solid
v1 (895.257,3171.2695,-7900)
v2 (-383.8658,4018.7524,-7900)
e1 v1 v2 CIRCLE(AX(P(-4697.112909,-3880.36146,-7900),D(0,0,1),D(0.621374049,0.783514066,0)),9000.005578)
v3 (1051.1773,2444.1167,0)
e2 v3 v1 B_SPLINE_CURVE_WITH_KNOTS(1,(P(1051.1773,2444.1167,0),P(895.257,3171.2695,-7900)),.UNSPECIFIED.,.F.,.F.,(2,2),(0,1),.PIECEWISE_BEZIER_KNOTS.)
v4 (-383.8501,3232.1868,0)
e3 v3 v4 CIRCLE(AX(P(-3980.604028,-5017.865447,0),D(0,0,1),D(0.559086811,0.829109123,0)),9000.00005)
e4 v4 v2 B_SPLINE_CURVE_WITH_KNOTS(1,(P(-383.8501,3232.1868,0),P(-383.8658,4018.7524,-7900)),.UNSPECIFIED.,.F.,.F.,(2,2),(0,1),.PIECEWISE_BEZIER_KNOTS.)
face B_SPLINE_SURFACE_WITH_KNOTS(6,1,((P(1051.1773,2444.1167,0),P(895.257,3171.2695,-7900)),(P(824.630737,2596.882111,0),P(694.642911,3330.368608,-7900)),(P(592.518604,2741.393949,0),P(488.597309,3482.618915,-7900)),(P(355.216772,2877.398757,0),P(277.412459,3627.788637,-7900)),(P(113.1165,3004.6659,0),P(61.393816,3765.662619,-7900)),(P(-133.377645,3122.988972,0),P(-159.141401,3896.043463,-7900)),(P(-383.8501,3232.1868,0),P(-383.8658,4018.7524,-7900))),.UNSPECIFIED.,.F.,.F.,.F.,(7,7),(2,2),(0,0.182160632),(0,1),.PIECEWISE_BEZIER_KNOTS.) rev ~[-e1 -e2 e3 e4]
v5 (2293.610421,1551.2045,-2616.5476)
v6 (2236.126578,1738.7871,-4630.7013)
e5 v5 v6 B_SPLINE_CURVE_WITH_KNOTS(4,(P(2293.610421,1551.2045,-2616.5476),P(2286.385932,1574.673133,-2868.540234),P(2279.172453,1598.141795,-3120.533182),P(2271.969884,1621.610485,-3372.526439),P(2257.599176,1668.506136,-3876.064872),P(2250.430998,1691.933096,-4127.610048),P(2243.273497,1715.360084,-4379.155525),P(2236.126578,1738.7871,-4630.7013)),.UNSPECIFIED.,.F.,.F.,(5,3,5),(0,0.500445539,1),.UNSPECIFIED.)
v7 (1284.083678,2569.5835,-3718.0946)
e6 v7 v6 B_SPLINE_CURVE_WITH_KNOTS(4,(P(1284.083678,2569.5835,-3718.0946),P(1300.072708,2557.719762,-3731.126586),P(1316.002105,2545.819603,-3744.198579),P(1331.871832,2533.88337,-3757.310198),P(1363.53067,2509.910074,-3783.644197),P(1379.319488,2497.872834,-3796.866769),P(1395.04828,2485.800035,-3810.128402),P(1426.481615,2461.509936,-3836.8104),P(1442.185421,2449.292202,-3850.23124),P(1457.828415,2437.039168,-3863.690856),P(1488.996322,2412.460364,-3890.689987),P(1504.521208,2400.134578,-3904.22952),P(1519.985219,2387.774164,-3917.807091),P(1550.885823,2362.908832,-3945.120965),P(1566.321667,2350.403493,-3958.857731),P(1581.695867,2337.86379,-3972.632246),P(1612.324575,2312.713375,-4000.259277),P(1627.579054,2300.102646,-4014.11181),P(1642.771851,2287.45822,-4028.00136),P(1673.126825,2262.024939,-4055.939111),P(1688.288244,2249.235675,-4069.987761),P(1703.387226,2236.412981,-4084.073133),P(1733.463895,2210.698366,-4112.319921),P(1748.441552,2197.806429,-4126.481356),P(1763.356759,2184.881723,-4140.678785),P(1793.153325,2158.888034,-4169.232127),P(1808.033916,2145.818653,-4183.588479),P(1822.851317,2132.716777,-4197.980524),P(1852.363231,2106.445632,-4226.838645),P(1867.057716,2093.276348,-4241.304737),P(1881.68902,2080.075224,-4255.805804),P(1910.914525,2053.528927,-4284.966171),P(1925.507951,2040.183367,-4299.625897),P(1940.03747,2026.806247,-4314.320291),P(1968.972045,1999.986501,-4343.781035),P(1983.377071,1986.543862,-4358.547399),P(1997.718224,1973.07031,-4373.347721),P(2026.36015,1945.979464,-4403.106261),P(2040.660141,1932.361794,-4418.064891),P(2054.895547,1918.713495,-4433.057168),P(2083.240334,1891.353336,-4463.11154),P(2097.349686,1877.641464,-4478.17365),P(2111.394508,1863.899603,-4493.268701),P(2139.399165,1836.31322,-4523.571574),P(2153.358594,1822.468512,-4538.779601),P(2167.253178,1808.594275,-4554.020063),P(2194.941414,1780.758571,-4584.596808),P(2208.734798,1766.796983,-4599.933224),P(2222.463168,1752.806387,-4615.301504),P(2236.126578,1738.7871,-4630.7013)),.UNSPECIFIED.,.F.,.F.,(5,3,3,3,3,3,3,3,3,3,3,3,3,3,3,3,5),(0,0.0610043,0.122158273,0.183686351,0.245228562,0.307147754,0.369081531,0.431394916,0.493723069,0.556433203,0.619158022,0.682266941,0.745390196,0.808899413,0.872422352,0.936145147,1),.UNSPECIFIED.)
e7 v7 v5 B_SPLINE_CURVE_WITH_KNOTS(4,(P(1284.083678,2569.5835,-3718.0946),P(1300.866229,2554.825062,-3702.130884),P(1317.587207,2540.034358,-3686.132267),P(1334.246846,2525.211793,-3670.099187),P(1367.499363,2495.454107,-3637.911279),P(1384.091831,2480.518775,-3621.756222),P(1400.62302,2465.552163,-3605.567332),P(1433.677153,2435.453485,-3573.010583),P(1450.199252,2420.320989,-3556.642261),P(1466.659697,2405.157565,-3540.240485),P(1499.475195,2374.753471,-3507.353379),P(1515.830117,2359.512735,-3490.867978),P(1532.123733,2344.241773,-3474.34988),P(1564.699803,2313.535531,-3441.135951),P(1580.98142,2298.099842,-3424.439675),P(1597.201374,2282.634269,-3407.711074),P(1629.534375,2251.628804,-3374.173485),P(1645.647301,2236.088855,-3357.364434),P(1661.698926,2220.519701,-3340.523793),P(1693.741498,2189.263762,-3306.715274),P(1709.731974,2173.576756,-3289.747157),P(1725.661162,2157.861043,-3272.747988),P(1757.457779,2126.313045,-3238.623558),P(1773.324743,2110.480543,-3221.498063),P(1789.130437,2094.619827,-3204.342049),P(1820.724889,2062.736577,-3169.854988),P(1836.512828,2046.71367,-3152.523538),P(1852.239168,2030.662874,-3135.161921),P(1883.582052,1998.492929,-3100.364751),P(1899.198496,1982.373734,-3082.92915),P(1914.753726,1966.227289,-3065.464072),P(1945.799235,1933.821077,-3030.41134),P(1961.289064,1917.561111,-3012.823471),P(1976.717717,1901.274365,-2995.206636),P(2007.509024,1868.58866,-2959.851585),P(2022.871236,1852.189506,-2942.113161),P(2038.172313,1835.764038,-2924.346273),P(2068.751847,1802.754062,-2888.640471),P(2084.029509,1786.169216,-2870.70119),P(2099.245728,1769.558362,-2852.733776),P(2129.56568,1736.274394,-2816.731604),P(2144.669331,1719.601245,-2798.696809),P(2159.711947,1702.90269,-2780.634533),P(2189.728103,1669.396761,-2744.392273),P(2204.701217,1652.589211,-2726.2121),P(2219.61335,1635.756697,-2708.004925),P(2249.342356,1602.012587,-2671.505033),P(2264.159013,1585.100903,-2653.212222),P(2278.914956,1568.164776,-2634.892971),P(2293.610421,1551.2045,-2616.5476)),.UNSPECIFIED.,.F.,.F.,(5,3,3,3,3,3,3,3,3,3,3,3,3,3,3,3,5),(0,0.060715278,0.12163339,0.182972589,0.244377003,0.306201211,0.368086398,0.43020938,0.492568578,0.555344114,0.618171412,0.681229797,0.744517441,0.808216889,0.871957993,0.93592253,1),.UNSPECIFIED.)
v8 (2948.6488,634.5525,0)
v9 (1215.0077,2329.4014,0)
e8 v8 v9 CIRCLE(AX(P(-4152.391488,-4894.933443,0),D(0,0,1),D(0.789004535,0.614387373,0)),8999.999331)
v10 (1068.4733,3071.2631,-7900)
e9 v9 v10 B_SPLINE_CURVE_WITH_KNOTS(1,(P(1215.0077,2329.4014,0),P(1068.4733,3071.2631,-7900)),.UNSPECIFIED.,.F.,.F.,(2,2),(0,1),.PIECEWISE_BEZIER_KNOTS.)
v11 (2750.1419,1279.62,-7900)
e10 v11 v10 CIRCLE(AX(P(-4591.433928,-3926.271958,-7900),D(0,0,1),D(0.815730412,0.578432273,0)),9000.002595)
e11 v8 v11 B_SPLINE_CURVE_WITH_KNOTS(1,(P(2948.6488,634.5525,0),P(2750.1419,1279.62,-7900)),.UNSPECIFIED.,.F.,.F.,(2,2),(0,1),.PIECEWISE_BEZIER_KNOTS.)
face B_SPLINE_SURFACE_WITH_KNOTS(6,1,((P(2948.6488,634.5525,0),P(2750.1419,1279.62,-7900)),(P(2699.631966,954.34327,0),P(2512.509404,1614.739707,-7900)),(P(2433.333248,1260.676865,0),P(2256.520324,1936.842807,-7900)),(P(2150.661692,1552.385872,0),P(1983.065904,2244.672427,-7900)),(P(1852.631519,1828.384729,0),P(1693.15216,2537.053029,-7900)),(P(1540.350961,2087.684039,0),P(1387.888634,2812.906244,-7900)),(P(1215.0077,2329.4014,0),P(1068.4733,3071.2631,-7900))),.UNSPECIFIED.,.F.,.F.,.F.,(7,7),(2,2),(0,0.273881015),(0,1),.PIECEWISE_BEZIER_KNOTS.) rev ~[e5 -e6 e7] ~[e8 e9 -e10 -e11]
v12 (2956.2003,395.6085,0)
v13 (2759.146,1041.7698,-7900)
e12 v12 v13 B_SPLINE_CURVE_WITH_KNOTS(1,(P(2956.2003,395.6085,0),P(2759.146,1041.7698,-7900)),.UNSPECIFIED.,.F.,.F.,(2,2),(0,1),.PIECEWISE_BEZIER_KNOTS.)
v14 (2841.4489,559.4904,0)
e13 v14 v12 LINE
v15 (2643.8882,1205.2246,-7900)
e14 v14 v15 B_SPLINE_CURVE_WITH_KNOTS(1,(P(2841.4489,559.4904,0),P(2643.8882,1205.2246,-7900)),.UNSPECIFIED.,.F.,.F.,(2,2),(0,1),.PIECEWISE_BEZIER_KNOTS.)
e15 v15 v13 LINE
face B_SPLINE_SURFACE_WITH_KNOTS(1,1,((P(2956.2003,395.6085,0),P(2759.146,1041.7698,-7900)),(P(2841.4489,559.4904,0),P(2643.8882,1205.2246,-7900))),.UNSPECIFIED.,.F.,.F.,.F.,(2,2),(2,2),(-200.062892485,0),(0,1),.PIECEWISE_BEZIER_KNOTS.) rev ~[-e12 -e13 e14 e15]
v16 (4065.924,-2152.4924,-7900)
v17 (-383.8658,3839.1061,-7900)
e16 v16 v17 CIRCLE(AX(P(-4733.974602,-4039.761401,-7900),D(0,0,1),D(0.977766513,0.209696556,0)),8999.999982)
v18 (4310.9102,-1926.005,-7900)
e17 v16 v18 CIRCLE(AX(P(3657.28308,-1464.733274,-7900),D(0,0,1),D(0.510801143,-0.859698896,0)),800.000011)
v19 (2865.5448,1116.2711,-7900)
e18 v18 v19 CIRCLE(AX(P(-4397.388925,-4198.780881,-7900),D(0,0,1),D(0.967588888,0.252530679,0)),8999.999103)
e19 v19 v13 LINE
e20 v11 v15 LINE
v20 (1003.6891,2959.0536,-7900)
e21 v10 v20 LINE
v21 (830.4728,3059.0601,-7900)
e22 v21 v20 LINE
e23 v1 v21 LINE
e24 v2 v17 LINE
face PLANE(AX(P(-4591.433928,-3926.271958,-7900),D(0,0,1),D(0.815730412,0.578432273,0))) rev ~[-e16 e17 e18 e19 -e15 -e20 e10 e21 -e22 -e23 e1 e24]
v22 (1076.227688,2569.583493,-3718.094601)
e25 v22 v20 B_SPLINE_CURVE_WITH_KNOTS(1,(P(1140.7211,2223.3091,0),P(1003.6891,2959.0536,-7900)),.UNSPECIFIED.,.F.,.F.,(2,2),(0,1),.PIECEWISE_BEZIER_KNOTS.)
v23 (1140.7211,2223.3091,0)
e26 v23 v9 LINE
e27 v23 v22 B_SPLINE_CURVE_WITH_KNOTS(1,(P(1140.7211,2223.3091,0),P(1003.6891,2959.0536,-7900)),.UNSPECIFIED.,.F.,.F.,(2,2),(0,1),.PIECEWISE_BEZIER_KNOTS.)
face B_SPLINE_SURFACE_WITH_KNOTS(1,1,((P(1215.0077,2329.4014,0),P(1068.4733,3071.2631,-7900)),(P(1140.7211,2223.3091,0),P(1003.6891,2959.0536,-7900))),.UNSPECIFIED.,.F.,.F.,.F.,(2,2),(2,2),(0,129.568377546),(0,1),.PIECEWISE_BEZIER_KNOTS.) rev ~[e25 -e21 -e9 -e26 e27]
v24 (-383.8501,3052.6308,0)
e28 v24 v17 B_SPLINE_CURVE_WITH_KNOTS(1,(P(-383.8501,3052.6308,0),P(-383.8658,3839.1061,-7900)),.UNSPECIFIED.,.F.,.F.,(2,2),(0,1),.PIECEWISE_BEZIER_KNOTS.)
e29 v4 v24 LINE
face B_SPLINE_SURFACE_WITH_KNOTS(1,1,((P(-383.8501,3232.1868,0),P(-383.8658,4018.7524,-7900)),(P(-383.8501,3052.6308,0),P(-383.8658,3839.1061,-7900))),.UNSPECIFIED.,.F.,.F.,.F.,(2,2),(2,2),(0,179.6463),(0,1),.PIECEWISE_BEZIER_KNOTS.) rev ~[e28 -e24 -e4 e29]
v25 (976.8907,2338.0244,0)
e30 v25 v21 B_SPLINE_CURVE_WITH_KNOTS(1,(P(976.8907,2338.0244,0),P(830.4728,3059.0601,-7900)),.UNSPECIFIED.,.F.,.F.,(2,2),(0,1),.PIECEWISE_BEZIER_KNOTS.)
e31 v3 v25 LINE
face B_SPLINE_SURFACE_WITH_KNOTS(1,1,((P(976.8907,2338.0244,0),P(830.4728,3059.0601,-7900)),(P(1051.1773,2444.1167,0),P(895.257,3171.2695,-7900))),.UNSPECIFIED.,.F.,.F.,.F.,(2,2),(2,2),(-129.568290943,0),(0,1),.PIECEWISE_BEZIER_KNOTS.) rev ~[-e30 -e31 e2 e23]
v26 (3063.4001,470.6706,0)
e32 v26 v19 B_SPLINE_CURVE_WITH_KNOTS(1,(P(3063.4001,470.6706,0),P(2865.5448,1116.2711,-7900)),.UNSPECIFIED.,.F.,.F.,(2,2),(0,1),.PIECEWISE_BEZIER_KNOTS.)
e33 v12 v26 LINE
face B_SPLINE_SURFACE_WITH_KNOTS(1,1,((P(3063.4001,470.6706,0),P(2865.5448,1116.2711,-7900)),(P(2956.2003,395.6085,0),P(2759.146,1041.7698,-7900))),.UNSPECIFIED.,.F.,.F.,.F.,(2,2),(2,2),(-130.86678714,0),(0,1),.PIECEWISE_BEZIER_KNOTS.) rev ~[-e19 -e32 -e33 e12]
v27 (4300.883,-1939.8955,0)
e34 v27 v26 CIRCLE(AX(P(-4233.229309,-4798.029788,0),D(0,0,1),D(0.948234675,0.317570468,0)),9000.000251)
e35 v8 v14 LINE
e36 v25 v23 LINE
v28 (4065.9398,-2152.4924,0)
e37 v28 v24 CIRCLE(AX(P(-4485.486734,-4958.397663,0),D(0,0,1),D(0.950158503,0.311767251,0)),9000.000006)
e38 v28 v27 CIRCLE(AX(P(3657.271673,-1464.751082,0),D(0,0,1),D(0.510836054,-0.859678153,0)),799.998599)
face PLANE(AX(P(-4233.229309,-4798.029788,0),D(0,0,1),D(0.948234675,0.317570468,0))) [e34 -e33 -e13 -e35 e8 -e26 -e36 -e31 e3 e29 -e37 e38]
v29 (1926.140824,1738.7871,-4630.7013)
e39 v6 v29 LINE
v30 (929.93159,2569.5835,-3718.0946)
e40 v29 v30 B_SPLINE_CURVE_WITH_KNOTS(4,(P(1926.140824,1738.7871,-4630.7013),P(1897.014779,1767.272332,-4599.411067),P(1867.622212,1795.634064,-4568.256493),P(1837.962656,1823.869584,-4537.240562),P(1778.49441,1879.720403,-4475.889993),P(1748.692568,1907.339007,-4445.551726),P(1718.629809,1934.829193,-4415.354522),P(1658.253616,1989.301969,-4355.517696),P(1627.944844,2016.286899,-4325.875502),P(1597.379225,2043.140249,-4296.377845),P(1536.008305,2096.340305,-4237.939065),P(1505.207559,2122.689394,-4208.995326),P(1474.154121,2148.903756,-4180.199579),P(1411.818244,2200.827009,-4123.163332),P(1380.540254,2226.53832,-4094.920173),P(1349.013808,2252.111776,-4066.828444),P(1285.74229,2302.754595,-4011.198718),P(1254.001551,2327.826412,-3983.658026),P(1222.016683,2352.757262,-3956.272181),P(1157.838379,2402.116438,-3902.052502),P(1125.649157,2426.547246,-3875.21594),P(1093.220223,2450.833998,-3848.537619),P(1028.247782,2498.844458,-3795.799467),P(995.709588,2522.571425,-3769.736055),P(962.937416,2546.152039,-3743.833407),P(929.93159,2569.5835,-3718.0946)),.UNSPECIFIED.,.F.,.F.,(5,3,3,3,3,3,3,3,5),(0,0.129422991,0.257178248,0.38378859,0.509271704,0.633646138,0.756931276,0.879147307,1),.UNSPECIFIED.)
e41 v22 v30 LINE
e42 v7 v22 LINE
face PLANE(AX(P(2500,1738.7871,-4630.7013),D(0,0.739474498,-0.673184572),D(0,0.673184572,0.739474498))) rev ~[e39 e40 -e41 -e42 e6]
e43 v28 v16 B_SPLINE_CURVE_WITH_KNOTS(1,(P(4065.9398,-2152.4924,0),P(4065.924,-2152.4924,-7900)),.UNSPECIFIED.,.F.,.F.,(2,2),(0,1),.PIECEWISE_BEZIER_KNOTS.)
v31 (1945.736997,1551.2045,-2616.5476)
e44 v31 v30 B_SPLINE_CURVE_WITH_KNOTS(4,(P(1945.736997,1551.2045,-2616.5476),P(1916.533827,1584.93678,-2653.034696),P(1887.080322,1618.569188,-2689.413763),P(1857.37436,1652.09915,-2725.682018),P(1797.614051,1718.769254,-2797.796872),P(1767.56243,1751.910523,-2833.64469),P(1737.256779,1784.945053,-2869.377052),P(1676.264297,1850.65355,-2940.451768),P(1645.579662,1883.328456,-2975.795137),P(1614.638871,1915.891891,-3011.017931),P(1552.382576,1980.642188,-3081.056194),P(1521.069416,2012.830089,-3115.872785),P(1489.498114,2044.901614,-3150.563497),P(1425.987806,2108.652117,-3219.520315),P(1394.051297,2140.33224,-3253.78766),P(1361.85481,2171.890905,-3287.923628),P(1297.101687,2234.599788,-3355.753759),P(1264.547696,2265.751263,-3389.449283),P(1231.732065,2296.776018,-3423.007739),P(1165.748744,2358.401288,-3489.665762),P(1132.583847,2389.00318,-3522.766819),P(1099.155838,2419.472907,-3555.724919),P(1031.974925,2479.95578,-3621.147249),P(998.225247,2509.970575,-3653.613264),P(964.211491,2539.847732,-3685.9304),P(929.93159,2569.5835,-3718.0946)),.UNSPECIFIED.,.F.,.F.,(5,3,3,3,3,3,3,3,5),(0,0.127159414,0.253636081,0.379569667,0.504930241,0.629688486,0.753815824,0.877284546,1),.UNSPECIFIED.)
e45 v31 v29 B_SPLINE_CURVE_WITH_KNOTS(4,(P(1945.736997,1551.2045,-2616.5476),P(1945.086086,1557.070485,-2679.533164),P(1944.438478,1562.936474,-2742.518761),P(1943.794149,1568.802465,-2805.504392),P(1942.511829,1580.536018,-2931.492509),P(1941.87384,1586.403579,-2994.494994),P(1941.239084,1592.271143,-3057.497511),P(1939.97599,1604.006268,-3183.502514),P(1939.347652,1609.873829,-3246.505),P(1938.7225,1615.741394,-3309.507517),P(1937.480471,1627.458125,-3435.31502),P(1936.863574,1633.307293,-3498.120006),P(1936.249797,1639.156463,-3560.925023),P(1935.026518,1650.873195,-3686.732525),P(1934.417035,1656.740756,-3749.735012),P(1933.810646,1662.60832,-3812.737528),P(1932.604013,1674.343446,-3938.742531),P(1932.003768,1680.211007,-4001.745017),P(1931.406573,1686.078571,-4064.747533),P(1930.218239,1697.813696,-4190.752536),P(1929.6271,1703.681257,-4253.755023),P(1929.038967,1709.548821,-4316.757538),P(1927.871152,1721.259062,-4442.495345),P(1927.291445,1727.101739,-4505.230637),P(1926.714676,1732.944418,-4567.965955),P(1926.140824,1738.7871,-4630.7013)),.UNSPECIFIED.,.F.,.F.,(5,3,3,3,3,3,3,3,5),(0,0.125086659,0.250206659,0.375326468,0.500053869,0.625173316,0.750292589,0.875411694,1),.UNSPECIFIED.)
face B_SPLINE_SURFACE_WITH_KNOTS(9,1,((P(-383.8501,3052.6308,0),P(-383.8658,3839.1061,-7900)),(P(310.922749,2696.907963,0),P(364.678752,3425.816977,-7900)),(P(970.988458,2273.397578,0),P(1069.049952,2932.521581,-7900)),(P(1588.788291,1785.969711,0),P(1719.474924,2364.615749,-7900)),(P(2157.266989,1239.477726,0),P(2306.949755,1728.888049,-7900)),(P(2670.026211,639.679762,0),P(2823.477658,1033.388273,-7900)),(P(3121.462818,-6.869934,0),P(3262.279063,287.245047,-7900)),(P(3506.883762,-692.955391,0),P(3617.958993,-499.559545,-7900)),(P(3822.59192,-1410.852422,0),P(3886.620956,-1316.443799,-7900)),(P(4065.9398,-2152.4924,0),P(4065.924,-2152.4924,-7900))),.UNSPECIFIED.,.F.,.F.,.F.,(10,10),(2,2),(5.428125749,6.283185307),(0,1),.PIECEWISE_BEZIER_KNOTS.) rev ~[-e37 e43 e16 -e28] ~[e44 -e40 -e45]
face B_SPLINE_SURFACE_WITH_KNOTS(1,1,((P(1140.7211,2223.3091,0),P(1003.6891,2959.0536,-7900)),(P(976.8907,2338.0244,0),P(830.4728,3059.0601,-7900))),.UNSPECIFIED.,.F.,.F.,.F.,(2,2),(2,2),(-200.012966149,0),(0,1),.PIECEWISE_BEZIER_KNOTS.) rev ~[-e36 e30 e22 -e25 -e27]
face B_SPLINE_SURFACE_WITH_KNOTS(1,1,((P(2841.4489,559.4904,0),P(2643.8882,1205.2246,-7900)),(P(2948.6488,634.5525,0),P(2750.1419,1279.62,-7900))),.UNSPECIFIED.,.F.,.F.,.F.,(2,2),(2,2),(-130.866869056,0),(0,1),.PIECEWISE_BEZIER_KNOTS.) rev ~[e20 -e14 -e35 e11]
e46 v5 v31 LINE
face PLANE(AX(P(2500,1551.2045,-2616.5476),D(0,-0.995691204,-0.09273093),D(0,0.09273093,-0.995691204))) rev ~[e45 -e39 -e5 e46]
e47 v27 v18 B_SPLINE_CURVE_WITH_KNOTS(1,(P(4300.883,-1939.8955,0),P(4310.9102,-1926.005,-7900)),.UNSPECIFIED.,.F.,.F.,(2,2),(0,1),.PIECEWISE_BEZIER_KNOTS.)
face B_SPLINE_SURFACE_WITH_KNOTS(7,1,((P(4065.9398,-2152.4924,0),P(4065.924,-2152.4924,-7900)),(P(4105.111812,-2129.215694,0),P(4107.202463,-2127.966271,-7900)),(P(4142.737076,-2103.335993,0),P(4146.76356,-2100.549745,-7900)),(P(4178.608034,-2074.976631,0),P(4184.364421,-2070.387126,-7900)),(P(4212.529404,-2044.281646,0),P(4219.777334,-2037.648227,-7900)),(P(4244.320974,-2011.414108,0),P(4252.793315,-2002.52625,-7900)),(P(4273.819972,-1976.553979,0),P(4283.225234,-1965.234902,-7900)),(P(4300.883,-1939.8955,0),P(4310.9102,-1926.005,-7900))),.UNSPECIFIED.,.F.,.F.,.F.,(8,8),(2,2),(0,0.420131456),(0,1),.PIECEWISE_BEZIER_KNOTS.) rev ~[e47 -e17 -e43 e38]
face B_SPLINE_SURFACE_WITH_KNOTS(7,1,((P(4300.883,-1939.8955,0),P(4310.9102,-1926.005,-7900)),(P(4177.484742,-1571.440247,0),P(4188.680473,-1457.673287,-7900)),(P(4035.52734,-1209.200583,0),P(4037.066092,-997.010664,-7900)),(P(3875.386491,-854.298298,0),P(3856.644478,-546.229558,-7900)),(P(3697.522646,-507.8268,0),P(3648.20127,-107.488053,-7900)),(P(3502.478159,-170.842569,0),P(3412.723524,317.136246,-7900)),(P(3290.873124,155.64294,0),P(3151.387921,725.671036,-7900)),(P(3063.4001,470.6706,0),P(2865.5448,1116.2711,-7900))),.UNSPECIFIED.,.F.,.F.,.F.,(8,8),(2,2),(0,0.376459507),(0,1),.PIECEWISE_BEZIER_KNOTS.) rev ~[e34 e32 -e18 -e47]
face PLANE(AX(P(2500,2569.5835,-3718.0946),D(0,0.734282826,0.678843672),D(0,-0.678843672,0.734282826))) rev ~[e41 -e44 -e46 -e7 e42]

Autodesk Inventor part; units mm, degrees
ref_plane "XZ Plane" through (0, 0, 0) normal (0, 1, 0) x (-1, 0, 0)
sketch "Sketch1" plane through (0, 0, 0) normal (0, 0, 1) x (1, 0, 0)
  line L0 (2948.6488, 634.5525) -> (2841.4489, 559.4904)
  line L1 (2841.4489, 559.4904) -> (2956.2003, 395.6085)
  line L2 (2956.2003, 395.6085) -> (3063.4001, 470.6706)
  line L3 (1051.1773, 2444.1167) -> (976.8907, 2338.0244)
  line L4 (976.8907, 2338.0244) -> (1140.7211, 2223.3091)
  line L5 (1140.7211, 2223.3091) -> (1215.0077, 2329.4014)
  line L6 (-383.8501, 3232.1868) -> (-383.8501, 3052.6308)
  arc A0 (4065.9398, -2152.4924) -> (-383.8501, 3052.6308) centre (-4485.4868, -4958.3977) ccw
  arc A1 (1051.1773, 2444.1167) -> (-383.8501, 3232.1868) centre (-3980.604, -5017.8654) ccw
  arc A2 (2948.6488, 634.5525) -> (1215.0077, 2329.4014) centre (-4152.392, -4894.9339) ccw
  arc A3 (4300.883, -1939.8955) -> (3063.4001, 470.6706) centre (-4233.2291, -4798.0297) ccw
  arc A4 (4065.9398, -2152.4924) -> (4300.883, -1939.8955) centre (3657.2708, -1464.7499) ccw
  point P0 (0, 0)
  point P1 (4065.924, -2152.4924)
  point P2 (4065.924, -2152.4924)
  dimension "d8" = 9000
  dimension "d9" = 9000
  dimension "d10" = 9000
  dimension "d11" = 9000
  dimension "d12" = 800
ref_plane "Work Plane2" through (0, 0, -7900) normal (0, 0, 1) x (1, 0, 0)
ref_plane "Work Plane1" through (0, 0, 0) normal (0, 0, 1) x (1, 0, 0)
sketch "Sketch2" plane through (0, 0, -7900) normal (0, 0, 1) x (1, 0, 0)
  arc A0 (895.257, 3171.2695) -> (-383.8658, 4018.7524) centre (-4697.1096, -3880.3569) ccw projected
  line L0 (-383.8658, 4018.7524) -> (-383.8658, 3839.1061) projected
  arc A1 (4065.924, -2152.4924) -> (-383.8658, 3839.1061) centre (-4733.9746, -4039.7614) ccw projected
  line L1 (895.257, 3171.2695) -> (830.4728, 3059.0601) projected
  line L2 (830.4728, 3059.0601) -> (1003.6891, 2959.0536) projected
  line L3 (1068.4733, 3071.2631) -> (1003.6891, 2959.0536) projected
  arc A2 (2750.1419, 1279.62) -> (1068.4733, 3071.2631) centre (-4591.4319, -3926.2703) ccw projected
  line L4 (2750.1419, 1279.62) -> (2643.8882, 1205.2246) projected
  line L5 (2643.8882, 1205.2246) -> (2759.146, 1041.7698) projected
  line L6 (2865.5448, 1116.2711) -> (2759.146, 1041.7698) projected
  arc A3 (4310.9102, -1926.005) -> (2865.5448, 1116.2711) centre (-4397.3898, -4198.7812) ccw projected
  arc A4 (4065.924, -2152.4924) -> (4310.9102, -1926.005) centre (3657.2831, -1464.7333) ccw
  point P0 (0, 0)
  dimension "d7" = 800
loft "Loft1" add profiles "Sketch1", "Sketch2"
ref_plane "Work Plane3" through (2500, 0, 0) normal (1, 0, 0) x (0, 1, 0)
sketch "Sketch3" plane through (2500, 0, 0) normal (1, 0, 0) x (0, 1, 0)
  line L0 (2569.5835, -3718.0946) -> (1551.2045, -2616.5476)
  line L1 (1551.2045, -2616.5476) -> (1738.7871, -4630.7013)
  line L2 (1738.7871, -4630.7013) -> (2569.5835, -3718.0946)
  point P0 (0, 0)
extrude "Extrusion1" cut sketch "Sketch3" against normal through all
properties part number "panel_block_02" material "Wood (Maple)"
